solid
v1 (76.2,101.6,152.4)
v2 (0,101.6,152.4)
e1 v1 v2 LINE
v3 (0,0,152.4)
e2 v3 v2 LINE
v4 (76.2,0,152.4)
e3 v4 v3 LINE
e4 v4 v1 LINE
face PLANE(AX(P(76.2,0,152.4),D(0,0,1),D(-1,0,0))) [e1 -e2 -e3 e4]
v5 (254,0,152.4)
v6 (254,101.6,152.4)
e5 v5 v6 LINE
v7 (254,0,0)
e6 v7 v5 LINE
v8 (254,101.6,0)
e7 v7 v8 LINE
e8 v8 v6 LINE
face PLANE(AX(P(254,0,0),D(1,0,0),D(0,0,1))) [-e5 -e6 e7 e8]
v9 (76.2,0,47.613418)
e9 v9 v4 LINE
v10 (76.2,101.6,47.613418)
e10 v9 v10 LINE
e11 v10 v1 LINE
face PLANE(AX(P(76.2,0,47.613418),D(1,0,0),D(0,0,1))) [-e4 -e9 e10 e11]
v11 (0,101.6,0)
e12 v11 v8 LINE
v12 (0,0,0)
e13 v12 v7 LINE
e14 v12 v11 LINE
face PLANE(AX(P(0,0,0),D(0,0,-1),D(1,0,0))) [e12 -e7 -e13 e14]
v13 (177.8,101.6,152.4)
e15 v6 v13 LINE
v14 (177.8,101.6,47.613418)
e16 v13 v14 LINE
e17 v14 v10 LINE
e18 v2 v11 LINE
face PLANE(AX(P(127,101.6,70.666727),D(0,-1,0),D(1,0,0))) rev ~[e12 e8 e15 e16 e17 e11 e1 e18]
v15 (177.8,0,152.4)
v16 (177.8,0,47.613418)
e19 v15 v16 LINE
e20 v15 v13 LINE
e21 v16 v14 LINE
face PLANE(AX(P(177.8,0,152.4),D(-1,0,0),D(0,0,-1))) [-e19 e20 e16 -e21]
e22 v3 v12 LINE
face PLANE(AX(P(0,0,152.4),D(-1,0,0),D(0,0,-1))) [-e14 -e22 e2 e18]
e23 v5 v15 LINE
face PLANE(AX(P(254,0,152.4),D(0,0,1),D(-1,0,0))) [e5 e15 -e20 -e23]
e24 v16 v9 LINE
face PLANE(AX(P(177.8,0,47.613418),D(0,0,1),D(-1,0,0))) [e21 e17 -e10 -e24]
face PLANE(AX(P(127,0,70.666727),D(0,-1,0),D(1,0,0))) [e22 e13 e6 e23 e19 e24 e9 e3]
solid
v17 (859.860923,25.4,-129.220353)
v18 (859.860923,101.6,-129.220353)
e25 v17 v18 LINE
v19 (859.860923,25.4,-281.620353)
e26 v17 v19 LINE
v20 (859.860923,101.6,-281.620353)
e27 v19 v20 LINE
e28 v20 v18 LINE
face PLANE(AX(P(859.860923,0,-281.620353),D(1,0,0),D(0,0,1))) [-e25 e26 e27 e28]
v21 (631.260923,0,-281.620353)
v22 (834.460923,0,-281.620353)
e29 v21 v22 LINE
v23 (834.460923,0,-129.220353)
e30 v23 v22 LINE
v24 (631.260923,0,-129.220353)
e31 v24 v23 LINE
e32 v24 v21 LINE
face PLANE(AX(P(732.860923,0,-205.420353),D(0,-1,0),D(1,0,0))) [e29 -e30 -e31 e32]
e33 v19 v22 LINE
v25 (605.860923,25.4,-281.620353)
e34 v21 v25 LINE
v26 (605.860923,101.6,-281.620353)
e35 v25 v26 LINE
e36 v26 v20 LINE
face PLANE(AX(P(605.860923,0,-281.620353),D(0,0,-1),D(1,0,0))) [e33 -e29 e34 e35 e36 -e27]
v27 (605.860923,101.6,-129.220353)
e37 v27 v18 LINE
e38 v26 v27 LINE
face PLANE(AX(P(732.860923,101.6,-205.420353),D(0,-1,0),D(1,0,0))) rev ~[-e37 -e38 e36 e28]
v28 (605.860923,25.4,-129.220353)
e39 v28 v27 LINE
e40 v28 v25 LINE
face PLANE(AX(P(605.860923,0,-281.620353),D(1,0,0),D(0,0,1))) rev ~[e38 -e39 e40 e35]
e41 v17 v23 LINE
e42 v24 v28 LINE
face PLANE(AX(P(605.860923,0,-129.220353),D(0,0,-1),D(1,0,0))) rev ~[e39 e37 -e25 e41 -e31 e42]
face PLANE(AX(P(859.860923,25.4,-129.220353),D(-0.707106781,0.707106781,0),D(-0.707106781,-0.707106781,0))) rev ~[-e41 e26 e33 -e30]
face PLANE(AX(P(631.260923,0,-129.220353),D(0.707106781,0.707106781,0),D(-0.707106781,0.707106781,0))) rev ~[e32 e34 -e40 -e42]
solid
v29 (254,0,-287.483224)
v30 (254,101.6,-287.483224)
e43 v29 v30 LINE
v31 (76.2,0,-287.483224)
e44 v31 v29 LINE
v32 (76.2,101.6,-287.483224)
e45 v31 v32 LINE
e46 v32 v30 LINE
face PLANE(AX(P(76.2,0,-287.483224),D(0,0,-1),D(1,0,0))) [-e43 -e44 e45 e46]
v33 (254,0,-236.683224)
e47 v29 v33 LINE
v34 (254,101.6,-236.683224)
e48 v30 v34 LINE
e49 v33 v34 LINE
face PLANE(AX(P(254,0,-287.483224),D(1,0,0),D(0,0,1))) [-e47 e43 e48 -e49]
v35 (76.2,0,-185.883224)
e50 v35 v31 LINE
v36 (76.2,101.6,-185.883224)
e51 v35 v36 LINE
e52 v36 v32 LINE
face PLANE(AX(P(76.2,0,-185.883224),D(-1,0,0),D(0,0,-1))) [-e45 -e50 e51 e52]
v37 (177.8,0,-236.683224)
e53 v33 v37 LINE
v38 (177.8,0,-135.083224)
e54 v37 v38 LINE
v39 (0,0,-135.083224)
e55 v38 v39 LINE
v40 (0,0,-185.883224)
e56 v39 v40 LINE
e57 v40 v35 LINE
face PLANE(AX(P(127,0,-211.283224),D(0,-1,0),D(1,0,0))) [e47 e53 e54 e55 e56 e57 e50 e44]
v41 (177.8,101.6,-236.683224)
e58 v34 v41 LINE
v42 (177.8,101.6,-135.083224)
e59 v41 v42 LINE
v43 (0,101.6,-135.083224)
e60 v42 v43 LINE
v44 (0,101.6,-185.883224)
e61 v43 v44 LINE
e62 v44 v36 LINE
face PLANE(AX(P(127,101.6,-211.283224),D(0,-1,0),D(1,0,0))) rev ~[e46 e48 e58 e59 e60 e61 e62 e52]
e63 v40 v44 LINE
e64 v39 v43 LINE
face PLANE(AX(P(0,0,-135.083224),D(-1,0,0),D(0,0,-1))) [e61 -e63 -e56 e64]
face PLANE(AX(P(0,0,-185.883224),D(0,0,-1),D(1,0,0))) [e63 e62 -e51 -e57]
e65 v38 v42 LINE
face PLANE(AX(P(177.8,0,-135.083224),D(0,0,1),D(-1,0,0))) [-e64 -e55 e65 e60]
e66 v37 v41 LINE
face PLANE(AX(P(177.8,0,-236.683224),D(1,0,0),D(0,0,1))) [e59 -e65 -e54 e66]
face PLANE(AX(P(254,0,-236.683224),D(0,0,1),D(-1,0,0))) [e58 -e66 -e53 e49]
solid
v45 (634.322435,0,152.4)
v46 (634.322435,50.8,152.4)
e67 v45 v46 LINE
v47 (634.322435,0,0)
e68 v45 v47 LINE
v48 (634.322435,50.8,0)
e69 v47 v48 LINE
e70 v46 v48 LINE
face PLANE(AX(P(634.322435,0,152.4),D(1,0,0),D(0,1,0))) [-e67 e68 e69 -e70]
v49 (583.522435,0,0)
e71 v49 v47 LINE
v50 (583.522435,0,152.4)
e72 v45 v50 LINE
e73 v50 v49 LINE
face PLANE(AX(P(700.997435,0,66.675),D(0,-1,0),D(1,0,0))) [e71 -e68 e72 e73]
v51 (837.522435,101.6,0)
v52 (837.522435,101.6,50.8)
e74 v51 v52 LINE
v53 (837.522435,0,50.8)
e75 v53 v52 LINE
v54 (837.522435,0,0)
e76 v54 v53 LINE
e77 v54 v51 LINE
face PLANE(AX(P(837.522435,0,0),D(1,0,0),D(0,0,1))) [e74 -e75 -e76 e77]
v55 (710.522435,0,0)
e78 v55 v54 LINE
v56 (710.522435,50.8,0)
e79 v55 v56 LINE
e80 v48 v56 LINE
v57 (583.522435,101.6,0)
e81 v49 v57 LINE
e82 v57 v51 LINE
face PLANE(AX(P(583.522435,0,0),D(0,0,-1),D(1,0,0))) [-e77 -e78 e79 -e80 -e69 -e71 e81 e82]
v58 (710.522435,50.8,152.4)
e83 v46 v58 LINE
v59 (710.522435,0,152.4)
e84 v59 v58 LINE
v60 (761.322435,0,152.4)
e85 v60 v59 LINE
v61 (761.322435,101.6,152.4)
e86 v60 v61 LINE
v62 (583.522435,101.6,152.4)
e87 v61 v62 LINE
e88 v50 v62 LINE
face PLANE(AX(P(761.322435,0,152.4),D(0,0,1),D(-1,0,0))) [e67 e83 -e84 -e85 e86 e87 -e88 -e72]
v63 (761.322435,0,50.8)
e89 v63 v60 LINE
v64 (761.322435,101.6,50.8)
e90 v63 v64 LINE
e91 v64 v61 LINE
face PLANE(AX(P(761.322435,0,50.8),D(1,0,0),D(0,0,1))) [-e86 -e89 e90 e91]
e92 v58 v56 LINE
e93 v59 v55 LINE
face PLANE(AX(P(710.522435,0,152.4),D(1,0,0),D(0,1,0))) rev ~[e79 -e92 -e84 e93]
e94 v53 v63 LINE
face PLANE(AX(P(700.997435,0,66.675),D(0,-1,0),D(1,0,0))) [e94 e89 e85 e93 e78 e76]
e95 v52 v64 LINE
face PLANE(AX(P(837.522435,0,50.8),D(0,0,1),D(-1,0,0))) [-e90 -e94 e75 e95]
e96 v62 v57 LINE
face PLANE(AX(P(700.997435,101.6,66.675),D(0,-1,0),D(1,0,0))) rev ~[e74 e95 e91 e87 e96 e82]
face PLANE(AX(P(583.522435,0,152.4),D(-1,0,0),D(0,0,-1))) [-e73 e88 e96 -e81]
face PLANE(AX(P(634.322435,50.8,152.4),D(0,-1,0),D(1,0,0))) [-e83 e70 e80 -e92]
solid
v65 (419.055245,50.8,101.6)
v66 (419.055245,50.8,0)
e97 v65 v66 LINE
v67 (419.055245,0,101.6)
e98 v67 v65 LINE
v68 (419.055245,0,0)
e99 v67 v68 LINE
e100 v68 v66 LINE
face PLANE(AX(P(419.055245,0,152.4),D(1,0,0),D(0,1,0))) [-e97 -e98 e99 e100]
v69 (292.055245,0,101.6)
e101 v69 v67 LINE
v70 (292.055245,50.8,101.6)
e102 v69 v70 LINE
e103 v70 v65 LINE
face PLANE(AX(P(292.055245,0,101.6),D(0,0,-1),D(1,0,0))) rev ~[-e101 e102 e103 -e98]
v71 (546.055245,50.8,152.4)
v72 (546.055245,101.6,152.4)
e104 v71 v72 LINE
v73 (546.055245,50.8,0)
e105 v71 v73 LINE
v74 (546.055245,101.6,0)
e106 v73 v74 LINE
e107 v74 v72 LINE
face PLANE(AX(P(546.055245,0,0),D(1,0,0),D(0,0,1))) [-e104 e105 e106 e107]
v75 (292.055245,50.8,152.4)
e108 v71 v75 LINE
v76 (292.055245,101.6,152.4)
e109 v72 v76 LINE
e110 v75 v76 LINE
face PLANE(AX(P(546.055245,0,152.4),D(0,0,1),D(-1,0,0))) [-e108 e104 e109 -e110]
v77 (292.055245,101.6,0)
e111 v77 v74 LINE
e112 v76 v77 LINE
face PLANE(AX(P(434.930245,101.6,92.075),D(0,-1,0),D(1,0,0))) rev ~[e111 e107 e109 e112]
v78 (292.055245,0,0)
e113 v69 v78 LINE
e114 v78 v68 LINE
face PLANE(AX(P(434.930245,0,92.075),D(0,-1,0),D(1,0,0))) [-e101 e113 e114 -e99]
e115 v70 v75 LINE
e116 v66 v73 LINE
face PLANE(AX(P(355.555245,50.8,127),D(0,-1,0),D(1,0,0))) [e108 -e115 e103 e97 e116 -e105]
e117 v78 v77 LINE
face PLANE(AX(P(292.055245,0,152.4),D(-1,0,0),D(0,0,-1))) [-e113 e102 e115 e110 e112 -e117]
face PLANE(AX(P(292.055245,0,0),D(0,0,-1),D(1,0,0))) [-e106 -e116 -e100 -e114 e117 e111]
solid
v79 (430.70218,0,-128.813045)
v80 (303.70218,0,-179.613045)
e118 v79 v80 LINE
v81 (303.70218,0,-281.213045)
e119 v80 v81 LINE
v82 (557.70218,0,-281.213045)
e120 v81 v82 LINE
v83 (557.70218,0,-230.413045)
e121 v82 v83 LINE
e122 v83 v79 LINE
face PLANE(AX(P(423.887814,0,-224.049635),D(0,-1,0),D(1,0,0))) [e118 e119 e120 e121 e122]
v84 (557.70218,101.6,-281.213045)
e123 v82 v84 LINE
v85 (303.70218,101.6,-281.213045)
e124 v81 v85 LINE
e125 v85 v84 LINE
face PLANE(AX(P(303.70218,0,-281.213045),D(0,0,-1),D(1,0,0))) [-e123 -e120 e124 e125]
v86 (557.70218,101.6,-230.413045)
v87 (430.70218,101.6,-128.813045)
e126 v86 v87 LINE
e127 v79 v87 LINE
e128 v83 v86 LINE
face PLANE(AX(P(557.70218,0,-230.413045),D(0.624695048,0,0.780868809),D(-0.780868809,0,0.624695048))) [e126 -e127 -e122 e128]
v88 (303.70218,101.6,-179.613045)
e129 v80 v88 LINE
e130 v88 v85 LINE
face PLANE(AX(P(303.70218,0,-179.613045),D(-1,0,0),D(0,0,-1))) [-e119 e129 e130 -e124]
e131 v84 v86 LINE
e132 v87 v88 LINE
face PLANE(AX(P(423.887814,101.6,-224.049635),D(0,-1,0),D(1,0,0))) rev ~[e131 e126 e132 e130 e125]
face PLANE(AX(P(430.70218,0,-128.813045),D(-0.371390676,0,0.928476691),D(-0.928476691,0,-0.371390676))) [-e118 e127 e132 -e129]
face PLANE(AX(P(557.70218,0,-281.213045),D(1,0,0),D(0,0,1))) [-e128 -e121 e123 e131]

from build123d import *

# Parameters (mm, degrees)
F1_DEPTH  = 101.6
F2_W      = 127
F2_H      = 101.6
F3_DEPTH  = 101.6
F4_W      = 127
F4_H      = 50.8
F5_DEPTH  = 152.4
F6_W      = 127
F6_H      = 50.8
F7_DEPTH  = 50.8
F9_DEPTH  = 101.6
F10_W     = 76.2
F10_H     = 50.8
F11_DEPTH = 152.4
F13_DEPTH = 101.6
F15_DEPTH = 101.6
F16_W     = 254
F16_H     = 152.4
F17_DEPTH = 101.6
F19_DEPTH = 152.4
F21_DEPTH = 152.4


with BuildPart() as f1:
    # F0 (on Front) → F1 (new body)
    with BuildSketch(Plane.XZ):
        Polygon((0, 0), (254, 0), (254, 152.4), (177.8, 152.4), (177.8, 47.613418), (76.2, 47.613418), (76.2, 152.4), (0, 152.4), align=None)
    extrude(amount=-F1_DEPTH)


with BuildPart() as f3:
    # F2 (on Front) → F3 (new body)
    with BuildSketch(Plane.XZ):
        Polygon((292.055245, 152.4), (292.055245, 101.6), (419.055245, 101.6), (419.055245, 0), (546.055245, 0), (546.055245, 152.4), align=None)
        with Locations((355.555245, 50.8)):
            Rectangle(F2_W, F2_H)
    extrude(amount=-F3_DEPTH)

    # F4 (on face) → F5 (cut)
    with BuildSketch(Plane.XY.offset(152.4)):
        with Locations((482.555245, 25.4)):
            Rectangle(F4_W, F4_H)
    extrude(amount=-F5_DEPTH, mode=Mode.SUBTRACT)

    # F6 (on face) → F7 (cut)
    with BuildSketch(Plane.XZ):
        with Locations((355.555245, 127)):
            Rectangle(F6_W, F6_H)
    extrude(amount=-F7_DEPTH, mode=Mode.SUBTRACT)


with BuildPart() as f9:
    # F8 (on Front) → F9 (new body)
    with BuildSketch(Plane.XZ):
        Polygon((583.522435, 152.4), (583.522435, 0), (837.522435, 0), (837.522435, 50.8), (761.322435, 50.8), (761.322435, 152.4), align=None)
    extrude(amount=-F9_DEPTH)

    # F10 (on face) → F11 (cut)
    with BuildSketch(Plane.XY.offset(152.4)):
        with Locations((672.422435, 25.4)):
            Rectangle(F10_W, F10_H)
    extrude(amount=-F11_DEPTH, mode=Mode.SUBTRACT)


with BuildPart() as f13:
    # F12 (on Front) → F13 (new body)
    with BuildSketch(Plane.XZ):
        Polygon((177.8, -135.083224), (0, -135.083224), (0, -185.883224), (76.2, -185.883224), (76.2, -287.483224), (254, -287.483224), (254, -236.683224), (177.8, -236.683224), align=None)
    extrude(amount=-F13_DEPTH)


with BuildPart() as f15:
    # F14 (on Front) → F15 (new body)
    with BuildSketch(Plane.XZ):
        Polygon((303.70218, -281.213045), (557.70218, -281.213045), (557.70218, -230.413045), (430.70218, -128.813045), (303.70218, -179.613045), align=None)
    extrude(amount=-F15_DEPTH)


with BuildPart() as f17:
    # F16 (on Front) → F17 (new body)
    with BuildSketch(Plane.XZ):
        with Locations((732.860923, -205.420353)):
            Rectangle(F16_W, F16_H)
    extrude(amount=-F17_DEPTH)

    # F18 (on face) → F19 (cut)
    with BuildSketch(Plane.XY.offset(-129.220353)):
        Polygon((605.860923, 25.4), (605.860923, 0), (631.260923, 0), align=None)
    extrude(amount=-F19_DEPTH, mode=Mode.SUBTRACT)

    # F20 (on face) → F21 (cut)
    with BuildSketch(Plane.XY.offset(-129.220353)):
        Polygon((834.460923, 0), (859.860923, 0), (859.860923, 25.4), align=None)
    extrude(amount=-F21_DEPTH, mode=Mode.SUBTRACT)


solid = Compound([f1.part, f3.part, f9.part, f13.part, f15.part, f17.part])
